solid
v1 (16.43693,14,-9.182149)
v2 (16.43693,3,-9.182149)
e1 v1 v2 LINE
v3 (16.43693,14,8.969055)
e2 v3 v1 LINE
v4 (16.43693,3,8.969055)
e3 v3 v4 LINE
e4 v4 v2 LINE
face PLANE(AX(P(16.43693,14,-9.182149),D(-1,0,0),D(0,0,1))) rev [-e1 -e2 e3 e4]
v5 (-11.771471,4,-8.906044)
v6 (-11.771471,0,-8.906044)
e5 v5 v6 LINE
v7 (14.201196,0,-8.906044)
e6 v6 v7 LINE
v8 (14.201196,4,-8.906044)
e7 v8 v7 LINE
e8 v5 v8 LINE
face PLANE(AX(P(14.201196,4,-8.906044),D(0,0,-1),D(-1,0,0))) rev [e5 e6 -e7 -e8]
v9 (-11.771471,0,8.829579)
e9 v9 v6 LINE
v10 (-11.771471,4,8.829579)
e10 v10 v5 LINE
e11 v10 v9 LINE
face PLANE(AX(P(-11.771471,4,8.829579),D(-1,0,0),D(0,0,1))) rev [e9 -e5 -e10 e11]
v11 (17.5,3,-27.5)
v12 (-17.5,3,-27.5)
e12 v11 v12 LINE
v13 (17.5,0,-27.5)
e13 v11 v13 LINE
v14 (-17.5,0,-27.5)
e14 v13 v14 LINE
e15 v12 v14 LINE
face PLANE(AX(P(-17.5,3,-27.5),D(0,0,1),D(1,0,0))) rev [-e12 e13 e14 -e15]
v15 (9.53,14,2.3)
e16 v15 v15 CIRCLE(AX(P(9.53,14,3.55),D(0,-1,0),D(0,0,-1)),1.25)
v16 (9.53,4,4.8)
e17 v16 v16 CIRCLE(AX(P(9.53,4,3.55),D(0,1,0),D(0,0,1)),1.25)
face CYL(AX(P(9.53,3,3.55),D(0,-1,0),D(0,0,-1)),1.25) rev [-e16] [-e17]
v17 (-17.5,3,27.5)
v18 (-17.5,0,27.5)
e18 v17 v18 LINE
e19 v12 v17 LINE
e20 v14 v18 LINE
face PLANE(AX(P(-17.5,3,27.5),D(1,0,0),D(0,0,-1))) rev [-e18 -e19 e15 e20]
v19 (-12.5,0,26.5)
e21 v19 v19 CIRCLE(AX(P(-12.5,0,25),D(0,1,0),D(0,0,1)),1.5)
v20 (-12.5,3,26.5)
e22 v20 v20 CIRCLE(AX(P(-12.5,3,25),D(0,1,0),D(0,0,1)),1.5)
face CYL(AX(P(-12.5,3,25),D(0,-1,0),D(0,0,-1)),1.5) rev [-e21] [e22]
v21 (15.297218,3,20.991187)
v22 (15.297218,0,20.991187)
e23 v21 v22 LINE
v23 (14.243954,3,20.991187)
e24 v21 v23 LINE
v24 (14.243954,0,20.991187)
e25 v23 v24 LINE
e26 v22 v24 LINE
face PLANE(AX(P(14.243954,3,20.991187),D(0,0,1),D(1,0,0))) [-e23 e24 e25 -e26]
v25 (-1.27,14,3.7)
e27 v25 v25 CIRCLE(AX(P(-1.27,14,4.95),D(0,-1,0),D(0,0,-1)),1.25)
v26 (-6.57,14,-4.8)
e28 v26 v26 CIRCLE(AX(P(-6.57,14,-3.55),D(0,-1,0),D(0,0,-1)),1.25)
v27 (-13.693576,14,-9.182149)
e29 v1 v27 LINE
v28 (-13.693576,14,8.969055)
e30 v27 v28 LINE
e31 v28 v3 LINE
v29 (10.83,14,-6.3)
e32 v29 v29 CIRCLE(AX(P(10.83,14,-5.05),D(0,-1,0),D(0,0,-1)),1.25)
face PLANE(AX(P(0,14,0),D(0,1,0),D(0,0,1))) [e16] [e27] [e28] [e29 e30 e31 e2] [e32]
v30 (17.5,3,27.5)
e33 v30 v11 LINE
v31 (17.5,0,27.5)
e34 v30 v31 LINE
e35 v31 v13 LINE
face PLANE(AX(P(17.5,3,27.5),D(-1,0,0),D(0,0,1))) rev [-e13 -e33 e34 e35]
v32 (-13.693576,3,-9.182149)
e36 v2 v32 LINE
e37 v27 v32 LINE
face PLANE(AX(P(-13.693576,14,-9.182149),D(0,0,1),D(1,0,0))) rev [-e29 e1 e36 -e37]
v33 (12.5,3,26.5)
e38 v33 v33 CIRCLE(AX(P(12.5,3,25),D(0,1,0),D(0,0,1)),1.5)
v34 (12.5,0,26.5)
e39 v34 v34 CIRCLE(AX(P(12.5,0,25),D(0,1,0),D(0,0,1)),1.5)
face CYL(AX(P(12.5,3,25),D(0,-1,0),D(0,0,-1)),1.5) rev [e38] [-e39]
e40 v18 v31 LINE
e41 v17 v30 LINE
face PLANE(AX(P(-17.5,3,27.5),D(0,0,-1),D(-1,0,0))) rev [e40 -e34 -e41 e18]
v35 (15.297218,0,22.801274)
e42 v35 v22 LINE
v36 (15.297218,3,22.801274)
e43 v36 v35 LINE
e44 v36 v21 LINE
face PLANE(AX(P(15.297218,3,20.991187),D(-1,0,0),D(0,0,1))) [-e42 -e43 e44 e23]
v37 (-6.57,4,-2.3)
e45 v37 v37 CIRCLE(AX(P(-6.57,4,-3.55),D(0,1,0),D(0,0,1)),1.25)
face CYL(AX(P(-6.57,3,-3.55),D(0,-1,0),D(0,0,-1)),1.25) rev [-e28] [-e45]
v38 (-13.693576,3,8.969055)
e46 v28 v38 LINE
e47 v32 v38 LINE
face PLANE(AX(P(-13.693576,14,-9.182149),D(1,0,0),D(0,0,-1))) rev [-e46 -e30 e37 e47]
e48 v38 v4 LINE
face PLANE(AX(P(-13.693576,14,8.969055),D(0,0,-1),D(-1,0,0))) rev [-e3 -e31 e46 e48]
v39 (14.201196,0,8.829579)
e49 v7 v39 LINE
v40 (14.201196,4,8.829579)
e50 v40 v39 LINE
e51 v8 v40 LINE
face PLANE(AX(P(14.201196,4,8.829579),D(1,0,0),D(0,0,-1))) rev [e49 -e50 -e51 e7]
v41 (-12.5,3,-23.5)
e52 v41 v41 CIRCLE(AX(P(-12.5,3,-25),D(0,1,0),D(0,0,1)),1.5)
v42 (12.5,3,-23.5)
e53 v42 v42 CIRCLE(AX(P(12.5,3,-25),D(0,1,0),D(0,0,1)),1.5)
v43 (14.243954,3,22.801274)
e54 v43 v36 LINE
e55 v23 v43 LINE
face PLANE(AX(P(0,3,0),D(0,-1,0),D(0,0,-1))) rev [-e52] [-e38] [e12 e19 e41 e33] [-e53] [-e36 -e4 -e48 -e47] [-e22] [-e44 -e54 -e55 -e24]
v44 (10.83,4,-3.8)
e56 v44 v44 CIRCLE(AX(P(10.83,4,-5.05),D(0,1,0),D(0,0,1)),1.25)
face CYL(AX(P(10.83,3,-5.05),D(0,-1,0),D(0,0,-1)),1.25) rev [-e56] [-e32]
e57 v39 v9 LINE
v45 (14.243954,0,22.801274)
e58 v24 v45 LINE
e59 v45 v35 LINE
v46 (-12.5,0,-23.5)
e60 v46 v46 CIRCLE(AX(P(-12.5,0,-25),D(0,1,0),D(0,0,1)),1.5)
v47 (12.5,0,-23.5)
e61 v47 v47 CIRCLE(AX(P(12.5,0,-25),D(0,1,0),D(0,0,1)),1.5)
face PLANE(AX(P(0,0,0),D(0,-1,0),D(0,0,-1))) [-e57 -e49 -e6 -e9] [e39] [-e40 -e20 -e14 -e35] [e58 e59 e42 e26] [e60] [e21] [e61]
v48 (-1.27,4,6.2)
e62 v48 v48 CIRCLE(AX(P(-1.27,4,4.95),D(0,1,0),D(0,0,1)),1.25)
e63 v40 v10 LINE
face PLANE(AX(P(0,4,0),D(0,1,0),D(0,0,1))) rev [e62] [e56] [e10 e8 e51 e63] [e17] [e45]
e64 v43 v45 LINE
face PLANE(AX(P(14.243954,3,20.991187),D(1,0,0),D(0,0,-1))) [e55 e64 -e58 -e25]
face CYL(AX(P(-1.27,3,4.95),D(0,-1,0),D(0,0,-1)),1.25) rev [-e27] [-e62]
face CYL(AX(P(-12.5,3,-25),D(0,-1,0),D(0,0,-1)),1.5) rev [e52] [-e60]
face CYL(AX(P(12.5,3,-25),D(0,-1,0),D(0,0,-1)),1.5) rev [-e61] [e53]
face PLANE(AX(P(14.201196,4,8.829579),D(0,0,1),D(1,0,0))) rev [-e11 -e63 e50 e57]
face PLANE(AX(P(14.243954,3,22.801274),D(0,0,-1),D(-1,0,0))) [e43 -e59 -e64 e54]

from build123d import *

# Parameters (mm, degrees)
SKETCH1_W           = 35
SKETCH1_H           = 55
SKETCH1_R           = 1.5
SKETCH1_R_2         = 1.25
SKETCH1_W_2         = 1.053264104
SKETCH1_H_2         = 1.810086697
BOSS_EXTRUDE1_DEPTH = 3
SKETCH2_W           = 30.130506089
SKETCH2_H           = 18.151203477
BOSS_EXTRUDE2_DEPTH = 11
SKETCH3_R           = 1.25
CUT_EXTRUDE1_DEPTH  = 35.402034824
SKETCH4_W           = 25.972666726
SKETCH4_H           = 17.735623468
CUT_EXTRUDE2_DEPTH  = 4


with BuildPart() as part:
    # Sketch1 → Boss-Extrude1 (new body)
    with BuildSketch(Plane(origin=(0, 0, 0), x_dir=(1, 0, 0), z_dir=(0, 1, 0))):
        Rectangle(SKETCH1_W, SKETCH1_H)
        with Locations(Location((12.5, 25, 0), (0, 0, 270))):
            Circle(SKETCH1_R, mode=Mode.SUBTRACT)
        with Locations(Location((-12.5, 25, 0), (0, 0, 270))):
            Circle(SKETCH1_R, mode=Mode.SUBTRACT)
        with Locations(Location((12.5, -25, 0), (0, 0, 270))):
            Circle(SKETCH1_R, mode=Mode.SUBTRACT)
        with Locations(Location((-12.5, -25, 0), (0, 0, 270))):
            Circle(SKETCH1_R, mode=Mode.SUBTRACT)
        with Locations(Location((-1.27, -4.95, 0), (0, 0, 90))):
            Circle(SKETCH1_R_2, mode=Mode.SUBTRACT)
        with Locations(Location((-6.57, 3.55, 0), (0, 0, 90))):
            Circle(SKETCH1_R_2, mode=Mode.SUBTRACT)
        with Locations(Location((10.83, 5.05, 0), (0, 0, 90))):
            Circle(SKETCH1_R_2, mode=Mode.SUBTRACT)
        with Locations(Location((9.53, -3.55, 0), (0, 0, 90))):
            Circle(SKETCH1_R_2, mode=Mode.SUBTRACT)
        with Locations((14.770586435, -21.896230663)):
            Rectangle(SKETCH1_W_2, SKETCH1_H_2, mode=Mode.SUBTRACT)
    extrude(amount=BOSS_EXTRUDE1_DEPTH)

    # Sketch2 → Boss-Extrude2 (add)
    with BuildSketch(Plane(origin=(0, 3, 0), x_dir=(1, 0, 0), z_dir=(0, 1, 0))):
        with Locations((1.371677436, 0.106547158)):
            Rectangle(SKETCH2_W, SKETCH2_H)
    extrude(amount=BOSS_EXTRUDE2_DEPTH)

    # Sketch3 → Cut-Extrude1 (cut, through all)
    with BuildSketch(Plane.XZ.offset(-3)):
        with Locations(Location((-1.27, 4.95, 0), (0, 0, 270))):
            Circle(SKETCH3_R)
        with Locations(Location((-6.57, -3.55, 0), (0, 0, 270))):
            Circle(SKETCH3_R)
        with Locations(Location((9.53, 3.55, 0), (0, 0, 270))):
            Circle(SKETCH3_R)
        with Locations(Location((10.83, -5.05, 0), (0, 0, 270))):
            Circle(SKETCH3_R)
    extrude(amount=-CUT_EXTRUDE1_DEPTH, mode=Mode.SUBTRACT)

    # Sketch4 → Cut-Extrude2 (cut)
    with BuildSketch(Plane.XZ):
        with Locations((1.214862274, -0.038232514)):
            Rectangle(SKETCH4_W, SKETCH4_H)
    extrude(amount=-CUT_EXTRUDE2_DEPTH, mode=Mode.SUBTRACT)


solid = part.part
